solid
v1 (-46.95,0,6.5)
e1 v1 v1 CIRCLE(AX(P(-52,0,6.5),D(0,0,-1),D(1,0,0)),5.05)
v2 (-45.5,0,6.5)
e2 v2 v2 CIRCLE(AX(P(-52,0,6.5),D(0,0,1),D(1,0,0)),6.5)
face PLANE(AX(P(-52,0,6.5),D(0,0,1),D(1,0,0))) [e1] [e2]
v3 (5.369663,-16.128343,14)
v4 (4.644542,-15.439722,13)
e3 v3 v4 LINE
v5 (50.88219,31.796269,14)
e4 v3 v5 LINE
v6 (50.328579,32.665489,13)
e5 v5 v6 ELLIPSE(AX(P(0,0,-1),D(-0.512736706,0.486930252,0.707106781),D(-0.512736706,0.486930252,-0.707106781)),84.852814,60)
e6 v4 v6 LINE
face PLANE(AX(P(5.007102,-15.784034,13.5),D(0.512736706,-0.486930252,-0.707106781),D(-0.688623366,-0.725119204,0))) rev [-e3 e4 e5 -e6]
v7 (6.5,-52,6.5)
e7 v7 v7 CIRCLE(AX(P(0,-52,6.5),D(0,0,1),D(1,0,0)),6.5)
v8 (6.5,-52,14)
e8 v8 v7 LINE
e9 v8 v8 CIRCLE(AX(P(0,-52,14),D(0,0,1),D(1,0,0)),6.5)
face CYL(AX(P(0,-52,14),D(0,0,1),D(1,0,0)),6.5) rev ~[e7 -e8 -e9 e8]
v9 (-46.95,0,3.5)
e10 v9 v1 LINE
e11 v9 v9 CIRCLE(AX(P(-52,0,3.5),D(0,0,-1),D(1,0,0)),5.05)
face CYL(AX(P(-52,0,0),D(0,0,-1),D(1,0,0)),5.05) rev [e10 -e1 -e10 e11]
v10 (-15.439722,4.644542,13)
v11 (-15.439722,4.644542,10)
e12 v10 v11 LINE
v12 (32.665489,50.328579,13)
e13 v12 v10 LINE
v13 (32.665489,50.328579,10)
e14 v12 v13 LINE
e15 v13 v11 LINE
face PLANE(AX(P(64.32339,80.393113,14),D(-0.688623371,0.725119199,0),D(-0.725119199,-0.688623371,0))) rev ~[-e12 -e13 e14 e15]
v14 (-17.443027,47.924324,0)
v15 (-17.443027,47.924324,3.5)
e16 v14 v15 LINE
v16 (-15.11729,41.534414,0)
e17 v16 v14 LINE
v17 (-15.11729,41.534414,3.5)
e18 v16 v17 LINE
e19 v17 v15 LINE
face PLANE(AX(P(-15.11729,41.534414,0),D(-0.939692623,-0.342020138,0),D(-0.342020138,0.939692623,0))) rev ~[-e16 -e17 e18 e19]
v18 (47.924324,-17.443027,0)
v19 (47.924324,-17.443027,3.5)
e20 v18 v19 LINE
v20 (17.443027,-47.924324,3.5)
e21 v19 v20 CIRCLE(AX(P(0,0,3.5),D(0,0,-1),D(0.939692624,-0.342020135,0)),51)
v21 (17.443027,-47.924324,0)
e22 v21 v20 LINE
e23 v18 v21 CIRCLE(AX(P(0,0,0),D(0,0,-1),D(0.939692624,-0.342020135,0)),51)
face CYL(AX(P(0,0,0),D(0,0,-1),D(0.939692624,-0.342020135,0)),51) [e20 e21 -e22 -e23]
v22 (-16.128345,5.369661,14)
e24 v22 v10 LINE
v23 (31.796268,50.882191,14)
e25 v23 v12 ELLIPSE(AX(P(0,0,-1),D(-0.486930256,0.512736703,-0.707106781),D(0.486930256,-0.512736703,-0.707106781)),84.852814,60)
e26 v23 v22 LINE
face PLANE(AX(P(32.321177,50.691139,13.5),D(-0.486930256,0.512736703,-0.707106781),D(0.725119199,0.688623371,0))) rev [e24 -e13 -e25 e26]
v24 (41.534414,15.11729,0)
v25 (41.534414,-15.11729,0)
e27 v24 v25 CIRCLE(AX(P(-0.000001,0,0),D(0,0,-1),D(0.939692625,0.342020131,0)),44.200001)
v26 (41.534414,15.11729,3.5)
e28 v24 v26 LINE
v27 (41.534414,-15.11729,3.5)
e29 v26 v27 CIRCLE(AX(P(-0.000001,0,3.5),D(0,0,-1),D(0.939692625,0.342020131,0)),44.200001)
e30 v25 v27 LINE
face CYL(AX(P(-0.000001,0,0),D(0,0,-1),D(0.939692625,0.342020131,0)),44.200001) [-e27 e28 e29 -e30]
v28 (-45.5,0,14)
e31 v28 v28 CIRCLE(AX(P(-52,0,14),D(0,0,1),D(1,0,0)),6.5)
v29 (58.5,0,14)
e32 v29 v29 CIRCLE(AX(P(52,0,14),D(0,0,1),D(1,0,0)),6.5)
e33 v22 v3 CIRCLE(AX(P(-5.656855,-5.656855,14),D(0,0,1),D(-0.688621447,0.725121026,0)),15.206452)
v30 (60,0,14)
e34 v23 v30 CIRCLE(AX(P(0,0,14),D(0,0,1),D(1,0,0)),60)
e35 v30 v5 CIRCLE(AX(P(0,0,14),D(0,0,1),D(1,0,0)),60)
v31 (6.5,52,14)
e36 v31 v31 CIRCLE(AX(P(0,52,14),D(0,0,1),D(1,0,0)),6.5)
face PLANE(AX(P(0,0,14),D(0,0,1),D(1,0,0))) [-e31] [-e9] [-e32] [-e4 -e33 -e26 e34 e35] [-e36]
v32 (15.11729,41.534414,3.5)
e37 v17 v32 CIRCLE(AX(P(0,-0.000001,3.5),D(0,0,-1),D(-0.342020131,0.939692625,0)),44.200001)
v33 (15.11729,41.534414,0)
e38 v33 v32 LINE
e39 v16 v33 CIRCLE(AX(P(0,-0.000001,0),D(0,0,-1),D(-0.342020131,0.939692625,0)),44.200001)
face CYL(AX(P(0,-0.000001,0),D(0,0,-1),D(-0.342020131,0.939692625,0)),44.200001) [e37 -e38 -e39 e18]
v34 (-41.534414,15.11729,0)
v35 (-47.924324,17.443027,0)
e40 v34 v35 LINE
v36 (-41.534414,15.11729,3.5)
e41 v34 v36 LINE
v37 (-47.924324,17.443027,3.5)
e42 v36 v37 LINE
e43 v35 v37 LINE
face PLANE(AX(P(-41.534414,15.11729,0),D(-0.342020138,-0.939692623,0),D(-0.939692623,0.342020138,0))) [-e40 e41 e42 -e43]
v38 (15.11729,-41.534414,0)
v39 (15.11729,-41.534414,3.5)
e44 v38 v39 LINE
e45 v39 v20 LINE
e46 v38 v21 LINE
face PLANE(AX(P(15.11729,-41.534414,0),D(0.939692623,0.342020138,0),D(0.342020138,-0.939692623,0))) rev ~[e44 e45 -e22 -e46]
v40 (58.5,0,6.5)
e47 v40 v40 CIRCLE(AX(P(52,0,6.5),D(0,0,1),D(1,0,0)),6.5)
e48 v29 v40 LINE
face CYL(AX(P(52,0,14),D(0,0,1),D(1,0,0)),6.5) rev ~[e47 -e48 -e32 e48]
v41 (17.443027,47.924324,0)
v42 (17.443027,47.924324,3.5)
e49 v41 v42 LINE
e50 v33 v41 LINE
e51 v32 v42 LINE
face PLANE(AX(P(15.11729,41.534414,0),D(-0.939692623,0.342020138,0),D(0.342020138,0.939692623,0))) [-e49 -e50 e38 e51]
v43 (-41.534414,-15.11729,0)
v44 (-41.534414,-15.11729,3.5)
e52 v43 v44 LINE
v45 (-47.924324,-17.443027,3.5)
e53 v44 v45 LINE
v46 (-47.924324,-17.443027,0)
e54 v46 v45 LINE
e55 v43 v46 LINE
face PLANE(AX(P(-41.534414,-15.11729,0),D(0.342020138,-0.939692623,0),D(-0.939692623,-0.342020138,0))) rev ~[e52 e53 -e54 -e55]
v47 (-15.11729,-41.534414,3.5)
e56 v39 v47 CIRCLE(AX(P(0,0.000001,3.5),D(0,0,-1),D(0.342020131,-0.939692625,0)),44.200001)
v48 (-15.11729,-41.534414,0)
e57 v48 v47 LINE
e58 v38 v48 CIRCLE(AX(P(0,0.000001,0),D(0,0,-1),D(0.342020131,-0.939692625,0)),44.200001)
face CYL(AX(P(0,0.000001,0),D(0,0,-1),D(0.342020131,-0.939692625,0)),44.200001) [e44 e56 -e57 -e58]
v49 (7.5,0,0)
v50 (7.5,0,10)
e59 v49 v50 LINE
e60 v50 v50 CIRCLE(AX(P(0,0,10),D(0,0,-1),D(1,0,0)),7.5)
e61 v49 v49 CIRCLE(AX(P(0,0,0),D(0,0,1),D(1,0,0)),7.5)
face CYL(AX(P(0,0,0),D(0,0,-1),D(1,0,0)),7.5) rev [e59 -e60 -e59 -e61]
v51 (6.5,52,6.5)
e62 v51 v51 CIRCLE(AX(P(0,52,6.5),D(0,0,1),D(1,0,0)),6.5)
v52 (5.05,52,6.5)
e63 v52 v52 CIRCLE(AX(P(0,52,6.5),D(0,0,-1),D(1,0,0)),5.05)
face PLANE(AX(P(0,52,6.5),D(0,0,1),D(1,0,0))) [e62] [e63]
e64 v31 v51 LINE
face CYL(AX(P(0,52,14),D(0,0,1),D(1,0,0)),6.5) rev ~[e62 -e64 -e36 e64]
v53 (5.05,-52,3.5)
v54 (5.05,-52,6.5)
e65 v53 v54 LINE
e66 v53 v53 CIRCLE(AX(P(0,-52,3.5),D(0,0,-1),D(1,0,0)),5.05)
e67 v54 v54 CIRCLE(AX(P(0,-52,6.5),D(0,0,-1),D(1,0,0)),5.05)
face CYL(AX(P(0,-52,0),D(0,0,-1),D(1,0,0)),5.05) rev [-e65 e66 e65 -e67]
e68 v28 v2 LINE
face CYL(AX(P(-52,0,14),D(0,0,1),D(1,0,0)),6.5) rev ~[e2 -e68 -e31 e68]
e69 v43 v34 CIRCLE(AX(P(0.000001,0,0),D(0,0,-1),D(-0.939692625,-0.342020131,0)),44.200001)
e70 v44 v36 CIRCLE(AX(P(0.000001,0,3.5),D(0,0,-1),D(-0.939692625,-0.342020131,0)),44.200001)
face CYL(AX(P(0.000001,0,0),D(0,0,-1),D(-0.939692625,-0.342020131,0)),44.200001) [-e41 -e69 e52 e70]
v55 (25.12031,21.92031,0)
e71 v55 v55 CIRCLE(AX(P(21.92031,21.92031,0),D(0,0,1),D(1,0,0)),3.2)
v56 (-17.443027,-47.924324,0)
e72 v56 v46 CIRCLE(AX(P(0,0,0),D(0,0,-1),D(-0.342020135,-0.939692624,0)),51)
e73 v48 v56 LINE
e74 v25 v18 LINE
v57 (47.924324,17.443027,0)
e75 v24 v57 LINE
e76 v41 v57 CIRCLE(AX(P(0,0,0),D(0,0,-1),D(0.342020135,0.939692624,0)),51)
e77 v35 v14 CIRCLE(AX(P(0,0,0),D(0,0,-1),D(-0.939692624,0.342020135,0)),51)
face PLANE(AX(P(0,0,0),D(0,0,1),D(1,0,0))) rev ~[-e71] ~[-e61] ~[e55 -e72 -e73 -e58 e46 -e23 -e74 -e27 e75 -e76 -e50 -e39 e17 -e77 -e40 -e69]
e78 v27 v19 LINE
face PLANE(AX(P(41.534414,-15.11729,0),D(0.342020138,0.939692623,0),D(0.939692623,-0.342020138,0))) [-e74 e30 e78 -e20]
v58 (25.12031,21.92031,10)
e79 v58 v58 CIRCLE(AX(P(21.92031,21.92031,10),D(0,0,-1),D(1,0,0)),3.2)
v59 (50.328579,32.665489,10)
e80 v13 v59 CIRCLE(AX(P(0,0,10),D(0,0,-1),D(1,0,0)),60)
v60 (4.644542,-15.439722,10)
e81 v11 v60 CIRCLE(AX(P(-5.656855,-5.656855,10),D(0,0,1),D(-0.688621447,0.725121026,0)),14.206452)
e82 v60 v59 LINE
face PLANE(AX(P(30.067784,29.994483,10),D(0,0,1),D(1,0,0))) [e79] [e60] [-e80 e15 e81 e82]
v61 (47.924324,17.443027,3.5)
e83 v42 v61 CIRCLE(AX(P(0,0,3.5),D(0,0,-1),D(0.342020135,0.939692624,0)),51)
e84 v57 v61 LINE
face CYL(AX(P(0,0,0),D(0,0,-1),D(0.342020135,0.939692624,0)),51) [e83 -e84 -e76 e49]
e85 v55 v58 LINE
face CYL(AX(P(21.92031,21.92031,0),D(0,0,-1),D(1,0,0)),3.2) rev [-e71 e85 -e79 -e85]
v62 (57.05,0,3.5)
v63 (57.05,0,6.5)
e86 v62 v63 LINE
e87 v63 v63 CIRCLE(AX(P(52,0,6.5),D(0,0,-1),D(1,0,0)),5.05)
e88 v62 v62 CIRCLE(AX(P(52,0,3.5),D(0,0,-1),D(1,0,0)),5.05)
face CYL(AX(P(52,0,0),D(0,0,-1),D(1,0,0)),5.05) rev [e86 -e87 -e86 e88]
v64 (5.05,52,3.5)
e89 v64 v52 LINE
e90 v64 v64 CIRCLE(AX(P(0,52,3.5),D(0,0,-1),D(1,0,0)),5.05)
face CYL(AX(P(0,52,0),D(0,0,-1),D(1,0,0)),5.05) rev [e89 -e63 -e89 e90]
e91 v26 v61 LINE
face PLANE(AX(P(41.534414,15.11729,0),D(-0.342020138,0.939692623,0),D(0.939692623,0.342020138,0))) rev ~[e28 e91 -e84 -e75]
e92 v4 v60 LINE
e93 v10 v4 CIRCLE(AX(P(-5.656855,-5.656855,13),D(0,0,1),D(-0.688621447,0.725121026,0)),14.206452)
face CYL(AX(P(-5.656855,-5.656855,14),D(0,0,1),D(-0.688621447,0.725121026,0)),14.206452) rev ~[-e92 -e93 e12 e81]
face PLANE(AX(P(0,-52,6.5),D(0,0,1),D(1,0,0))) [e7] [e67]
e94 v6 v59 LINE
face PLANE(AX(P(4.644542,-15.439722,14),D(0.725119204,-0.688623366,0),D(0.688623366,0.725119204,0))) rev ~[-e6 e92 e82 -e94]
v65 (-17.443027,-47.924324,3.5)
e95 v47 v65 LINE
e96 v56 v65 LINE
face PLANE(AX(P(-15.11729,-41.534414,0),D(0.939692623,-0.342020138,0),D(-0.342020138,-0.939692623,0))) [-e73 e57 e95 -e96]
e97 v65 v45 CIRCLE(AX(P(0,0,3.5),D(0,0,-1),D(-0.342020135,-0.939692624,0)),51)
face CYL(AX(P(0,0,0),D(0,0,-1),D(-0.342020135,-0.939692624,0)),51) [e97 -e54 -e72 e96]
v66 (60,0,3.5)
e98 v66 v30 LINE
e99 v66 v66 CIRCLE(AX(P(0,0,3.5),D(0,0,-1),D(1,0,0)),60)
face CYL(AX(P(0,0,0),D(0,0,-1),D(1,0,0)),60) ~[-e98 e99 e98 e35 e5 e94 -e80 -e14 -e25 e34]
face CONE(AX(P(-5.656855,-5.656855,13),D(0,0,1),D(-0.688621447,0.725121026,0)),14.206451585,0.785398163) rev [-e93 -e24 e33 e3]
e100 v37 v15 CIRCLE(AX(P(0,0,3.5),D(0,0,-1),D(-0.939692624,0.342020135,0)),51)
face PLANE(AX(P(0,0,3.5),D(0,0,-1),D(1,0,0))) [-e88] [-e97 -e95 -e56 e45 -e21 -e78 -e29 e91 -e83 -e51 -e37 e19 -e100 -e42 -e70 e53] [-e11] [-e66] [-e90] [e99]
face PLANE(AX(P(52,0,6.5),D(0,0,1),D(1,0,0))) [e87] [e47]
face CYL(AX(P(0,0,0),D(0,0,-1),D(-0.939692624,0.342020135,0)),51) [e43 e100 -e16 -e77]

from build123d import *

# Parameters (mm, degrees)
SKETCH_R        = 60
SKETCH_R_2      = 7.5
SKETCH_R_3      = 3.2
SKETCH_R_4      = 5.05
PAD_DEPTH       = 14
SKETCH001_R     = 70
POCKET_DEPTH    = 3.5
POCKET001_DEPTH = 4
SKETCH003_R     = 6.5
POCKET002_DEPTH = 7.5
CHAMFER_SIZE    = 1


with BuildPart() as part:
    # Sketch → Pad (new body)
    with BuildSketch(Plane.XY):
        Circle(SKETCH_R)
        Circle(SKETCH_R_2, mode=Mode.SUBTRACT)
        with Locations((21.92031, 21.92031)):
            Circle(SKETCH_R_3, mode=Mode.SUBTRACT)
        with Locations((-52, 0)):
            Circle(SKETCH_R_4, mode=Mode.SUBTRACT)
        with Locations((52, 0)):
            Circle(SKETCH_R_4, mode=Mode.SUBTRACT)
        with Locations((0, 52)):
            Circle(SKETCH_R_4, mode=Mode.SUBTRACT)
        with Locations((0, -52)):
            Circle(SKETCH_R_4, mode=Mode.SUBTRACT)
    extrude(amount=PAD_DEPTH)

    # Sketch001 → Pocket (cut)
    with BuildSketch(Plane(origin=(0, 0, 0), x_dir=(1, 0, 0), z_dir=(0, 0, -1))):
        Circle(SKETCH001_R)
        with BuildLine():
            ThreePointArc((-41.534414, 15.11729), (-44.2, 0), (-41.534414, -15.11729))
            Line((-41.534414, -15.11729), (-47.924324, -17.443027))
            ThreePointArc((-47.924324, -17.443027), (-36.062446, -36.062446), (-17.443027, -47.924324))
            Line((-15.11729, -41.534414), (-17.443027, -47.924324))
            ThreePointArc((-15.11729, -41.534414), (0, -44.2), (15.11729, -41.534414))
            Line((15.11729, -41.534414), (17.443027, -47.924324))
            ThreePointArc((17.443027, -47.924324), (36.062446, -36.062446), (47.924324, -17.443027))
            Line((41.534414, -15.11729), (47.924324, -17.443027))
            ThreePointArc((41.534414, -15.11729), (44.2, 0), (41.534414, 15.11729))
            Line((41.534414, 15.11729), (47.924324, 17.443027))
            ThreePointArc((47.924324, 17.443027), (36.062446, 36.062446), (17.443027, 47.924324))
            Line((15.11729, 41.534414), (17.443027, 47.924324))
            ThreePointArc((15.11729, 41.534414), (0, 44.2), (-15.11729, 41.534414))
            Line((-15.11729, 41.534414), (-17.443027, 47.924324))
            ThreePointArc((-17.443027, 47.924324), (-36.062446, 36.062446), (-47.924324, 17.443027))
            Line((-41.534414, 15.11729), (-47.924324, 17.443027))
        make_face(mode=Mode.SUBTRACT)
    extrude(amount=-POCKET_DEPTH, mode=Mode.SUBTRACT)

    # Sketch002 → Pocket001 (cut)
    with BuildSketch(Plane.XY.offset(14)):
        with BuildLine():
            Line((4.644542, -15.439722), (81.321028, 65.300484))
            Line((81.321028, 65.300484), (64.32339, 80.393113))
            Line((64.32339, 80.393113), (-15.439722, 4.644542))
            ThreePointArc((-15.439722, 4.644542), (-15.702333, -15.702333), (4.644542, -15.439722))
        make_face()
    extrude(amount=-POCKET001_DEPTH, mode=Mode.SUBTRACT)

    # Sketch003 → Pocket002 (cut)
    with BuildSketch(Plane.XY.offset(14)):
        with Locations((0, 52)):
            Circle(SKETCH003_R)
        with Locations((52, 0)):
            Circle(SKETCH003_R)
        with Locations((0, -52)):
            Circle(SKETCH003_R)
        with Locations((-52, 0)):
            Circle(SKETCH003_R)
    extrude(amount=-POCKET002_DEPTH, mode=Mode.SUBTRACT)

    # Chamfer
    chamfer_edges = [part.edges().sort_by_distance(p)[0] for p in [
        (8.612883, 27.486561, 14),
    ]]
    chamfer(chamfer_edges, length=CHAMFER_SIZE)


solid = part.part
